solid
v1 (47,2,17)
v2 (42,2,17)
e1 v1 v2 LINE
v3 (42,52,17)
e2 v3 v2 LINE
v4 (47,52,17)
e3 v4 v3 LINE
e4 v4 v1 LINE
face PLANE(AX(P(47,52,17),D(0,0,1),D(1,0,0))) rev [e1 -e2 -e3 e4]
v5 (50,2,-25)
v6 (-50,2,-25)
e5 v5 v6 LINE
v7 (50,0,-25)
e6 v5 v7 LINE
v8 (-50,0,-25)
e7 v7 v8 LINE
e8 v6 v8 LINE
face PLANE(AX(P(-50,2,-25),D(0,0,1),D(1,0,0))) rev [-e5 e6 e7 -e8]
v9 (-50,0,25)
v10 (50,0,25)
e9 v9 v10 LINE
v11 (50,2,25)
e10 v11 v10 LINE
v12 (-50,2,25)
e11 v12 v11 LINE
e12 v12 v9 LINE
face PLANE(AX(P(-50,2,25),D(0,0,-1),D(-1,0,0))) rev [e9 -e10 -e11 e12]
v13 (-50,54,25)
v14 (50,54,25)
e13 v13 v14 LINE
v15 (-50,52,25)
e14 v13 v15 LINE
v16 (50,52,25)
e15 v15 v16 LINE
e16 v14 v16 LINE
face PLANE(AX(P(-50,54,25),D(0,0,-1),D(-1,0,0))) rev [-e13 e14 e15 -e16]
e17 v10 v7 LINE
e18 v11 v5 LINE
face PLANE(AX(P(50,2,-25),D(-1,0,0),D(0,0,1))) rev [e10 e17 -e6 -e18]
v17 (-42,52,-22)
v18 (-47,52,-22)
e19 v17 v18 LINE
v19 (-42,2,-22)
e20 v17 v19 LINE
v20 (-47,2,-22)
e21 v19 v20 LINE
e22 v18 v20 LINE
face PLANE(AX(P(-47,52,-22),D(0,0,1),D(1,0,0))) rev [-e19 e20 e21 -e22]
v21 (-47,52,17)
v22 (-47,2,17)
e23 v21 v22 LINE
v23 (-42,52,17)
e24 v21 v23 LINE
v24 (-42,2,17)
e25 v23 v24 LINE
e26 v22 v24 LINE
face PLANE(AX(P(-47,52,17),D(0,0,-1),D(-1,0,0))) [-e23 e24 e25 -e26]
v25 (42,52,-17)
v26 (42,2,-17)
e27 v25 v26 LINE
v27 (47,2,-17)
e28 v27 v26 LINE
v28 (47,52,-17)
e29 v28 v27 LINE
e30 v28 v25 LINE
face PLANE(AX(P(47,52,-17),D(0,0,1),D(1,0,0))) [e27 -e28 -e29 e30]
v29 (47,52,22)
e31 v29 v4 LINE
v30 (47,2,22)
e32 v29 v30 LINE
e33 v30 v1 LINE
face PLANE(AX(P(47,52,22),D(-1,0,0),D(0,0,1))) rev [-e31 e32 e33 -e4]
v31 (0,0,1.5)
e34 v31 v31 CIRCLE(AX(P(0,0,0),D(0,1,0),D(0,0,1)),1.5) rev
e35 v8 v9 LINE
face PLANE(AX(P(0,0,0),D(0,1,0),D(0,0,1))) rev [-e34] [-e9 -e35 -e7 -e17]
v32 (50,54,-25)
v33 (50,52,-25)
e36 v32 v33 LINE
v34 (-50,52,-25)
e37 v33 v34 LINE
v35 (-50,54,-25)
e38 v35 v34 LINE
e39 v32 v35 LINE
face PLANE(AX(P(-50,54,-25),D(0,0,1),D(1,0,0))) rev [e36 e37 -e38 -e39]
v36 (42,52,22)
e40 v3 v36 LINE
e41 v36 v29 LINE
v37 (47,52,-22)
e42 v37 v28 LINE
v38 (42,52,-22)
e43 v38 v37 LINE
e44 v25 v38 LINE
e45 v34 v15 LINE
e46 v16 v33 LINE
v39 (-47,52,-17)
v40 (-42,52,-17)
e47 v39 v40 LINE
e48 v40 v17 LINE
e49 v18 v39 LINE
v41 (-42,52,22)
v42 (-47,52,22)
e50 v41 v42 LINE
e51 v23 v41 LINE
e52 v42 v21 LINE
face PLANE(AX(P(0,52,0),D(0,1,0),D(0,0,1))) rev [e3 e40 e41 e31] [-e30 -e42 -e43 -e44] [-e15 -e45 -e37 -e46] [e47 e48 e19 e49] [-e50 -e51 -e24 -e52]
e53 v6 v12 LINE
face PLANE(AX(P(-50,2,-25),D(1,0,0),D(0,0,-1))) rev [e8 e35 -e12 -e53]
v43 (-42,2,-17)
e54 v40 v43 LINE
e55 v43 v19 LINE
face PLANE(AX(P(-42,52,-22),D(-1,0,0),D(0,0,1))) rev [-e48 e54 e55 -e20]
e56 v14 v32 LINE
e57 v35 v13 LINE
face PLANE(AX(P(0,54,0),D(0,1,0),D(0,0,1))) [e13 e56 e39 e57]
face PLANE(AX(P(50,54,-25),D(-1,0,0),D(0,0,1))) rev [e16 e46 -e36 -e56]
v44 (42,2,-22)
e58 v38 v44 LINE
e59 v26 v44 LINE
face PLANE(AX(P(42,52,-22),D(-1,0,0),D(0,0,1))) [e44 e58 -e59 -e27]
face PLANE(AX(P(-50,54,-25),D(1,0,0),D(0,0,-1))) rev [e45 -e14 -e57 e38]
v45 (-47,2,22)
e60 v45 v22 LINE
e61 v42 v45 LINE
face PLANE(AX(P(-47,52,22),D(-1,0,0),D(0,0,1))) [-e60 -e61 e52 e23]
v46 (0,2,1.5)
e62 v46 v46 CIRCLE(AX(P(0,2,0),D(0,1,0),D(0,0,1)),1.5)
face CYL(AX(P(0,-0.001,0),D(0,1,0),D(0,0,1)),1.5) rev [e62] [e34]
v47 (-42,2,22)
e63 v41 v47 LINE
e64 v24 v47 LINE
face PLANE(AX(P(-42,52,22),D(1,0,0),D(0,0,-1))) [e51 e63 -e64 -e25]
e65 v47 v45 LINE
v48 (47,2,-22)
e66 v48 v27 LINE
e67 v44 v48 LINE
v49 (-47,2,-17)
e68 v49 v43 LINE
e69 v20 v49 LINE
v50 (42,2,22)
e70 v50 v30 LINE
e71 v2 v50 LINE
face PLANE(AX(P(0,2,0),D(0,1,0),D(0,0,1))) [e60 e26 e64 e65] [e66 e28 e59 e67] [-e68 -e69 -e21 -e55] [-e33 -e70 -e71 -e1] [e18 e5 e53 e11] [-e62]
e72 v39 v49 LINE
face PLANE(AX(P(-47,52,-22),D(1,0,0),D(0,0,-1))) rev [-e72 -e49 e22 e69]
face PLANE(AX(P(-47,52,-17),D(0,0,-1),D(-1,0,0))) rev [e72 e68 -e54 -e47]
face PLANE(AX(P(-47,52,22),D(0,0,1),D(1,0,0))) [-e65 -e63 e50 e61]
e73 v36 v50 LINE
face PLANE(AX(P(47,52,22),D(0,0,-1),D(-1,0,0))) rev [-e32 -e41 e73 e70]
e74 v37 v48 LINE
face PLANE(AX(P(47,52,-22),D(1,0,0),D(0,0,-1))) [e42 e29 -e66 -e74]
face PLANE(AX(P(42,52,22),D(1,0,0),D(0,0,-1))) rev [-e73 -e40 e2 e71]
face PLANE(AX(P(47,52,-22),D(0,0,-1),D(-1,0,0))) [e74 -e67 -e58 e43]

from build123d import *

# Parameters (mm, degrees)
SKETCH2_W                                  = 100
SKETCH2_H                                  = 50
BOSS_EXTRUDE1_DEPTH                        = 2
CUT_EXTRUDE1_REACH                         = 57.937
SKETCH3_R                                  = 1.5
SKETCH4_W                                  = 5
SKETCH4_H                                  = 5
BOSS_EXTRUDE2_DEPTH                        = 50
MIRROR1_AT_THE_SECOND_PLANE_COPY_1_SKETC_W = 5
MIRROR1_AT_THE_SECOND_PLANE_COPY_1_SKETC_H = 5
MIRROR1_AT_THE_SECOND_PLANE_COPY_1_DEPTH   = 50
SKETCH5_W                                  = 100
SKETCH5_H                                  = 50
BOSS_EXTRUDE3_DEPTH                        = 2


with BuildPart() as part:
    # Sketch2 → Boss-Extrude1 (new body)
    with BuildSketch(Plane(origin=(0, 0, 0), x_dir=(1, 0, 0), z_dir=(0, 1, 0))):
        Rectangle(SKETCH2_W, SKETCH2_H)
    extrude(amount=BOSS_EXTRUDE1_DEPTH)

    # Sketch3 → Cut-Extrude1 (cut, up to next)
    with BuildSketch(Plane(origin=(0, 2, 0), x_dir=(1, 0, 0), z_dir=(0, 1, 0)), mode=Mode.PRIVATE) as cut_extrude1_sk1:
        with Locations(Location((0, 0, 0), (0, 0, 270))):
            Circle(SKETCH3_R)
    cut_extrude1_tool1 = extrude(cut_extrude1_sk1.sketch, amount=-CUT_EXTRUDE1_REACH, mode=Mode.PRIVATE) & part.part
    add(cut_extrude1_tool1.solids().sort_by_distance((0, 2, 0))[0], mode=Mode.SUBTRACT)

    # Sketch4 → Boss-Extrude2 (add)
    with BuildSketch(Plane(origin=(0, 2, 0), x_dir=(1, 0, 0), z_dir=(0, 1, 0))):
        with Locations((-44.5, 19.5)):
            Rectangle(SKETCH4_W, SKETCH4_H)
    boss_extrude2 = extrude(amount=BOSS_EXTRUDE2_DEPTH)

    # Mirror1: Boss-Extrude2 across plane
    add(boss_extrude2.mirror(Plane.XY))

    # Mirror1 at the second plane: Boss-Extrude2 across plane
    add(boss_extrude2.mirror(Plane(origin=(0, 0, 0), x_dir=(0, 0, 1), z_dir=(1, 0, 0))))

    # Mirror1 at the second plane copy 1 sketc → Mirror1 at the second plane copy 1 (add)
    with BuildSketch(Plane(origin=(0, 2, 0), x_dir=(-1, 0, 0), z_dir=(0, 1, 0))):
        with Locations((-44.5, 19.5)):
            Rectangle(MIRROR1_AT_THE_SECOND_PLANE_COPY_1_SKETC_W, MIRROR1_AT_THE_SECOND_PLANE_COPY_1_SKETC_H)
    extrude(amount=MIRROR1_AT_THE_SECOND_PLANE_COPY_1_DEPTH)

    # Sketch5 → Boss-Extrude3 (add)
    with BuildSketch(Plane(origin=(0, 52, 0), x_dir=(1, 0, 0), z_dir=(0, 1, 0))):
        Rectangle(SKETCH5_W, SKETCH5_H)
    extrude(amount=BOSS_EXTRUDE3_DEPTH)


solid = part.part
